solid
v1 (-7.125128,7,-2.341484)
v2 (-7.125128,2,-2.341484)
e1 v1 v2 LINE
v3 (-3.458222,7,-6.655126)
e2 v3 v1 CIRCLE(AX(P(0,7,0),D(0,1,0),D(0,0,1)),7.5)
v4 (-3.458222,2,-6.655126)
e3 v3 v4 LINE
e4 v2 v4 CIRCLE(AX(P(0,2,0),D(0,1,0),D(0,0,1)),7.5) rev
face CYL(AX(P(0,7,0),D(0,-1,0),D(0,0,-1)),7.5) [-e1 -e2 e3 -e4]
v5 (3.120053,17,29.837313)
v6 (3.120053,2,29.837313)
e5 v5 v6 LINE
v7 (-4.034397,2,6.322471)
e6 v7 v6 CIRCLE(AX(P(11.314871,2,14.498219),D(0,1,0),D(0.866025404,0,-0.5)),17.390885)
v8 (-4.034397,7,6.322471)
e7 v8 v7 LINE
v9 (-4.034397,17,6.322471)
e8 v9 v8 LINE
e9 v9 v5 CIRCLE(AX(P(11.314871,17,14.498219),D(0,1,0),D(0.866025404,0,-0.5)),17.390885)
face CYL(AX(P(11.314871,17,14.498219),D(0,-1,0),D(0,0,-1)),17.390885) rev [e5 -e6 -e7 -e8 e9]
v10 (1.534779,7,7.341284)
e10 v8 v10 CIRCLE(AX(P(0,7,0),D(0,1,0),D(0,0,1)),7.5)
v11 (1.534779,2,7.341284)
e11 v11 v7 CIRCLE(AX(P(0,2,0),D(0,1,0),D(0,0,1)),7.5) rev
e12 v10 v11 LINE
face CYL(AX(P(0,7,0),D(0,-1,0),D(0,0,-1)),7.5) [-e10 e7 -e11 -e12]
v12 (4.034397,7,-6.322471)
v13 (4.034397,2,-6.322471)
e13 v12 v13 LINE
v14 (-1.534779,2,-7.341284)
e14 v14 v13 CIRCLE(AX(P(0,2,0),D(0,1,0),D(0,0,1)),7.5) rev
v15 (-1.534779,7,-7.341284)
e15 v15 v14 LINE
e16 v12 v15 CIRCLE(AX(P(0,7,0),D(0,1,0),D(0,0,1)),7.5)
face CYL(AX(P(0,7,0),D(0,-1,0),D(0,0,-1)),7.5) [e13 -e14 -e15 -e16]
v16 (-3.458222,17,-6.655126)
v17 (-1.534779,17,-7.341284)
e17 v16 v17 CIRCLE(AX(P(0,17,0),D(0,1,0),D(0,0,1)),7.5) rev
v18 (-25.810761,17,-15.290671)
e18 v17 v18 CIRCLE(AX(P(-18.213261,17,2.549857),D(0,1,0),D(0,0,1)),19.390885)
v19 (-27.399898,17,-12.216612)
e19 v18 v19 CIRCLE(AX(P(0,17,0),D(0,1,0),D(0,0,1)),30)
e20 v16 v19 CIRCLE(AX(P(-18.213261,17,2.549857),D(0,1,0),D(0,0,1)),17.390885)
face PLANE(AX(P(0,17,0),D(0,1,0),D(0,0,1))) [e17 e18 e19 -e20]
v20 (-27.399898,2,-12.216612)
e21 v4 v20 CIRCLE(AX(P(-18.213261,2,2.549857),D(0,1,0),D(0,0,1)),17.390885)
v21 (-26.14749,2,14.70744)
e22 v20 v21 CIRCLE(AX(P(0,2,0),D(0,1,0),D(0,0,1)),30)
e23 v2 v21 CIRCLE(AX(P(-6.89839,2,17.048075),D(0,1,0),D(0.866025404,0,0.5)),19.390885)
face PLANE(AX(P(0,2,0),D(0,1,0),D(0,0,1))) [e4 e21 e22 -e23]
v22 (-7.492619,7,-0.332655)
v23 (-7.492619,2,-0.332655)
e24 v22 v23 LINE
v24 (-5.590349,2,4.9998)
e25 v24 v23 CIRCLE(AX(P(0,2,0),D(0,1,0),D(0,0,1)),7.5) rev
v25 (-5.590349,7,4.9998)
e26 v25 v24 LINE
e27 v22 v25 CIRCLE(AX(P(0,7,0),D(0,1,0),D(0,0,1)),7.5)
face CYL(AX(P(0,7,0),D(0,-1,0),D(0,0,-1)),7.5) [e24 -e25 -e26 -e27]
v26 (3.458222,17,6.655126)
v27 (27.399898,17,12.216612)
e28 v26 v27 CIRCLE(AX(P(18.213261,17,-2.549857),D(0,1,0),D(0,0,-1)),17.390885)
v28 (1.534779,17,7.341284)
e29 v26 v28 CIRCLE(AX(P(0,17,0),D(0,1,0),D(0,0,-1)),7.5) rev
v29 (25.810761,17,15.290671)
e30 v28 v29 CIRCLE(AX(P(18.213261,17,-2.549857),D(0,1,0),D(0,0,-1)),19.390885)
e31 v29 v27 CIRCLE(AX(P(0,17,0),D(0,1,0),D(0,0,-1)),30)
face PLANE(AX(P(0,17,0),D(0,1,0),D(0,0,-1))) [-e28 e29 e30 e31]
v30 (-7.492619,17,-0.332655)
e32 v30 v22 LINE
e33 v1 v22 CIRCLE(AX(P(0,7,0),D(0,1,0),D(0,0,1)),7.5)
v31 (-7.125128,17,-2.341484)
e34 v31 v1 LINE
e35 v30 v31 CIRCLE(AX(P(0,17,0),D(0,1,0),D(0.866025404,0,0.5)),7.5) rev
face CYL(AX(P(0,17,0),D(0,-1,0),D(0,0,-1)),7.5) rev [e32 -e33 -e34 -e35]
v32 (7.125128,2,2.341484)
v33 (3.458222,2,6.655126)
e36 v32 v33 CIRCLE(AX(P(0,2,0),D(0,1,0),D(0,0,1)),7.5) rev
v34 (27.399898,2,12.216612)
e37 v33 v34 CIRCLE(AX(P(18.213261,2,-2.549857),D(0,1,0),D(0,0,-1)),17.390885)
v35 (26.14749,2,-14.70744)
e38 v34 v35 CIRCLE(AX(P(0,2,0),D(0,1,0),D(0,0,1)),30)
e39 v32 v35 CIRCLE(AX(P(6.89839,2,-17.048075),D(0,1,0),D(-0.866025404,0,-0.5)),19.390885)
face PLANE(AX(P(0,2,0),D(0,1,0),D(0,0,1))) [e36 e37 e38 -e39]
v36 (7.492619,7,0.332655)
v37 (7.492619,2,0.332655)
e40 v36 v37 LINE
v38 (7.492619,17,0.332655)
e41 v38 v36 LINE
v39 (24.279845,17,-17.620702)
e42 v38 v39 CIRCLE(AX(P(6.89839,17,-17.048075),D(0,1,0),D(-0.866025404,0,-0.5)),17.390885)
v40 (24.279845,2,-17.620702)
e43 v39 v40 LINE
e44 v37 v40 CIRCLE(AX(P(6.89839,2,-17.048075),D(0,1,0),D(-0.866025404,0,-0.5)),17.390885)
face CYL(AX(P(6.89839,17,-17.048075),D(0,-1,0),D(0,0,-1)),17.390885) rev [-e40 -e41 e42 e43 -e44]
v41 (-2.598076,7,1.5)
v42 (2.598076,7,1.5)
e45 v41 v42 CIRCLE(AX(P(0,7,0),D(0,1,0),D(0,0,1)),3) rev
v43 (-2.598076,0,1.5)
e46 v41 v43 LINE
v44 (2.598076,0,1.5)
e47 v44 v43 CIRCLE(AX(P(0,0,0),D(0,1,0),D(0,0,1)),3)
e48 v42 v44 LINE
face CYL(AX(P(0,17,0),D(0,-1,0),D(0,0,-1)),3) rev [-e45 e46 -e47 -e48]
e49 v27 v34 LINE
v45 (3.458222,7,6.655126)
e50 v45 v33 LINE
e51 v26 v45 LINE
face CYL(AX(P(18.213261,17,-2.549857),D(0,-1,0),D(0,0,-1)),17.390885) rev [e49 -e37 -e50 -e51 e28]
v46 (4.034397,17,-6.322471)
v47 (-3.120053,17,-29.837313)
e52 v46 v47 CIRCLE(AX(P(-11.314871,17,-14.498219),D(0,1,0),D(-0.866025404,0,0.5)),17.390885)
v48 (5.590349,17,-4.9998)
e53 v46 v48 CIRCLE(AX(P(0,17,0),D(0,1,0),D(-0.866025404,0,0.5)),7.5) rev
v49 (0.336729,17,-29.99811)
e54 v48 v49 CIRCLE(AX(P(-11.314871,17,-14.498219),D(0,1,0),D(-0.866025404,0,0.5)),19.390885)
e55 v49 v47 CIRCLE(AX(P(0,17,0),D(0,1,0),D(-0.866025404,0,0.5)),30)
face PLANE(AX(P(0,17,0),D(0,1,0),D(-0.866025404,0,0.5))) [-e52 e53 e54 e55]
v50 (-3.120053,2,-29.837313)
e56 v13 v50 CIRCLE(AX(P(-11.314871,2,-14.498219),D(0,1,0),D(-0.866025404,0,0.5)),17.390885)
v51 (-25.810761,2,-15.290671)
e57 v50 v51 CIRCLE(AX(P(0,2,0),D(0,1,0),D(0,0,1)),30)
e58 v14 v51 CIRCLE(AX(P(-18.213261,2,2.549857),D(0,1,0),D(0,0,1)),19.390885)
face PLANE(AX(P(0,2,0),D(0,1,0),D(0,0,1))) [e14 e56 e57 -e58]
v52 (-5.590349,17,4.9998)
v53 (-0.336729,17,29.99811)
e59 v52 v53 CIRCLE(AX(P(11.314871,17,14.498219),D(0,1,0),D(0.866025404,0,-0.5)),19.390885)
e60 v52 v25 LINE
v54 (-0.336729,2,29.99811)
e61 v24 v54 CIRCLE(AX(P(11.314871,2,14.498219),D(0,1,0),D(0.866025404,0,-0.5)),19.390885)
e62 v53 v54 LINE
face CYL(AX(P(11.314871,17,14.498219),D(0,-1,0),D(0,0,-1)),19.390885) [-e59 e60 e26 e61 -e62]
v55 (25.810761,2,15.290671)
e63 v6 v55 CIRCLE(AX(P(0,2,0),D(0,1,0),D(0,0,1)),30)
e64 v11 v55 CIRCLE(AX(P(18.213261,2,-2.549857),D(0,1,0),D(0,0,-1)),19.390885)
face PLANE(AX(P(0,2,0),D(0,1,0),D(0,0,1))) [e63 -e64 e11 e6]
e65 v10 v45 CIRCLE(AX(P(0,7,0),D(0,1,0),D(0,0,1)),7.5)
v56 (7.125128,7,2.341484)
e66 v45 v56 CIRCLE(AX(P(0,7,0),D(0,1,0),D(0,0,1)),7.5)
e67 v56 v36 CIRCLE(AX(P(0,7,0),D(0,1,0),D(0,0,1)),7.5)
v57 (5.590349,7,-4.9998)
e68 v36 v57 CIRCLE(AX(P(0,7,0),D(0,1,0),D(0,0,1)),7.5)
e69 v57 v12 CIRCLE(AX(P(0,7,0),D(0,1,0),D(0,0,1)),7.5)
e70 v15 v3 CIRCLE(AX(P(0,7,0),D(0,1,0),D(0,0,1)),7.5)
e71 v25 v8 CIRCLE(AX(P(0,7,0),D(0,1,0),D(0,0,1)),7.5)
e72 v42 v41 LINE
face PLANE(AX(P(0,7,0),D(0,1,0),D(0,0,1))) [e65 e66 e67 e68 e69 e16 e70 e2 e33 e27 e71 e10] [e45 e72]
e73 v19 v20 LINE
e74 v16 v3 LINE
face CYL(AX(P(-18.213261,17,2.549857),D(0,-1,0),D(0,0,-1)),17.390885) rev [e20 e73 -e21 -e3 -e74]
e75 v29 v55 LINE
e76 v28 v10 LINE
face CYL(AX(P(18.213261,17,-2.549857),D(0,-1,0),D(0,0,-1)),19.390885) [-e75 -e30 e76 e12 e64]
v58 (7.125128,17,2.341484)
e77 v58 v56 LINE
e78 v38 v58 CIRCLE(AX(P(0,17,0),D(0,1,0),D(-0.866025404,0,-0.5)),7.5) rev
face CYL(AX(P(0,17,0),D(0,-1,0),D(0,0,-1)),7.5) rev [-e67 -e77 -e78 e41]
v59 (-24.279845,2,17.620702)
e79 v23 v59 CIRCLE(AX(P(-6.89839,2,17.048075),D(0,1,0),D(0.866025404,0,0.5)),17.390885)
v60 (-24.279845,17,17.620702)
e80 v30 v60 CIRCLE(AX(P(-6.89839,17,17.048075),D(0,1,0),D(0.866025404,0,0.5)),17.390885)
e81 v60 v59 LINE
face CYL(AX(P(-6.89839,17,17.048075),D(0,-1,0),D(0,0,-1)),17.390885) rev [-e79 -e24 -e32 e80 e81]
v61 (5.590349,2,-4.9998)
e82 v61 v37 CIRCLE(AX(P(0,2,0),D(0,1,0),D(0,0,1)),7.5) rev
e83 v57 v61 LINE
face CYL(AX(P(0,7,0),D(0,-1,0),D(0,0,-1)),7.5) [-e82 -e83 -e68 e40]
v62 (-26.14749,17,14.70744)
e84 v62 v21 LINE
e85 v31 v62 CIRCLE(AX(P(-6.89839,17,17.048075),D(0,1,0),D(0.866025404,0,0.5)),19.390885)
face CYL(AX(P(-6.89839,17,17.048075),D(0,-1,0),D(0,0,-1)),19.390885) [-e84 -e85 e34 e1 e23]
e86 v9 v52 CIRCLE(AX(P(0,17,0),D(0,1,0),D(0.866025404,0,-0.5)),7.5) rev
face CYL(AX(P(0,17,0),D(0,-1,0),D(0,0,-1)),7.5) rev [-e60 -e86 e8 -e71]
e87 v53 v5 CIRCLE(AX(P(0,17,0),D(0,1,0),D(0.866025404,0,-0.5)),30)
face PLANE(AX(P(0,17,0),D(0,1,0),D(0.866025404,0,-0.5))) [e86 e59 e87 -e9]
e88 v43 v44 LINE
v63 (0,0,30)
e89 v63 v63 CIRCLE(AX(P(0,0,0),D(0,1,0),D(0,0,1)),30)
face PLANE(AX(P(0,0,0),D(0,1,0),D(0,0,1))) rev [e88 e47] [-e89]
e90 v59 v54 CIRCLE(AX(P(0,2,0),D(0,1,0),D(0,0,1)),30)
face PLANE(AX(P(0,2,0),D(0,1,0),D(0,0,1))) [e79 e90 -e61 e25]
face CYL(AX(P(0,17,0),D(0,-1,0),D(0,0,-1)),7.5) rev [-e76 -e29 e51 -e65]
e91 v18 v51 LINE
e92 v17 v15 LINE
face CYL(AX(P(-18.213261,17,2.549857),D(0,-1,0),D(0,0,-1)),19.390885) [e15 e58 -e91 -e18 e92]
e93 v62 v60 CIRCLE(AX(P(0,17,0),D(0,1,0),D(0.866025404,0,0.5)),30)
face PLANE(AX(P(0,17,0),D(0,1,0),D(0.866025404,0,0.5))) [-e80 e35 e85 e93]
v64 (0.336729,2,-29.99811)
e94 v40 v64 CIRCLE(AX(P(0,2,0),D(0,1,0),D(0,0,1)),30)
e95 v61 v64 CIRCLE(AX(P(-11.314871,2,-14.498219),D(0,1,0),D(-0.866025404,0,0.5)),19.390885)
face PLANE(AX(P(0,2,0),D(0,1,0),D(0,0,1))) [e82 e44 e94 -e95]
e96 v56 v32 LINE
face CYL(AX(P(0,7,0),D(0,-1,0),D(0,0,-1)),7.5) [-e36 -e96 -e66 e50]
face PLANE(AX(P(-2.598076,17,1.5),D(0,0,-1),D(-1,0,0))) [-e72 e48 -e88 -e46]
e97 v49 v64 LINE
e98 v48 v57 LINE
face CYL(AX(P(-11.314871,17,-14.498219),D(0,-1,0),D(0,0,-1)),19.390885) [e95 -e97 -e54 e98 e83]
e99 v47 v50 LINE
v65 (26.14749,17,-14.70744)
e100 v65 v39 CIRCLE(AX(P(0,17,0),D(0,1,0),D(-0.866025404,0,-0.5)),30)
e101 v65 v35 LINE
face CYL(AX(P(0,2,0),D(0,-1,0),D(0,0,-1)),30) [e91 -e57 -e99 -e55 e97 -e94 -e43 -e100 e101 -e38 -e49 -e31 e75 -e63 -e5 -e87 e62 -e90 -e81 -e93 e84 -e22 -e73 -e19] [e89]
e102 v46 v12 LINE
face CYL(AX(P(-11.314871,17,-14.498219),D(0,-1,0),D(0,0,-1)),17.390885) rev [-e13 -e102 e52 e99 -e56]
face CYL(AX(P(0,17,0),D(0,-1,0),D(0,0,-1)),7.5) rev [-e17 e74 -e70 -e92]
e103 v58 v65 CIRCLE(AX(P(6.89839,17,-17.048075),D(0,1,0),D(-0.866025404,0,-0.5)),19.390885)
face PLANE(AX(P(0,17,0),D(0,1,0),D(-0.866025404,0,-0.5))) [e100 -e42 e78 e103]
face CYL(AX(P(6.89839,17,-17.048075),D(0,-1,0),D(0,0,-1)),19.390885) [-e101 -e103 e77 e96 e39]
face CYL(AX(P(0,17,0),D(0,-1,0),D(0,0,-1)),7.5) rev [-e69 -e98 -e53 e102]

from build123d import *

# Parameters (mm, degrees)
SKETCH1_R           = 30
BOSS_EXTRUDE1_DEPTH = 2
SKETCH2_R           = 7.5
BOSS_EXTRUDE2_DEPTH = 7
BOSS_EXTRUDE3_DEPTH = 15
CUT_EXTRUDE1_DEPTH  = 18
CIRPATTERN2_COUNT   = 6


with BuildPart() as part:
    # Sketch1 → Boss-Extrude1 (new body)
    with BuildSketch(Plane(origin=(0, 0, 0), x_dir=(1, 0, 0), z_dir=(0, 1, 0))):
        Circle(SKETCH1_R)
    extrude(amount=BOSS_EXTRUDE1_DEPTH)

    # Sketch2 → Boss-Extrude2 (add)
    with BuildSketch(Plane(origin=(0, 0, 0), x_dir=(1, 0, 0), z_dir=(0, 1, 0))):
        Circle(SKETCH2_R)
    extrude(amount=BOSS_EXTRUDE2_DEPTH)

    # Sketch3 → Boss-Extrude3 (add)
    with BuildSketch(Plane(origin=(0, 2, 0), x_dir=(1, 0, 0), z_dir=(0, 1, 0))):
        with BuildLine():
            ThreePointArc((-27.399897799, 12.216611666), (-14.278250642, 14.389995002), (-3.458222056, 6.65512586))
            ThreePointArc((-3.458222056, 6.65512586), (-3.002192418, 6.872906277), (-2.532531954, 7.059481702))
            ThreePointArc((-2.532531954, 7.059481702), (-13.262608044, 15.162164286), (-26.638909527, 13.797409149))
            ThreePointArc((-26.638909527, 13.797409149), (-27.03096196, 13.012574516), (-27.399897799, 12.216611666))
        make_face()
        with BuildLine():
            ThreePointArc((-2.532531954, 7.059481702), (-2.038530942, 7.217644463), (-1.534779322, 7.341284113))
            ThreePointArc((-1.534779322, 7.341284113), (-12.178839524, 15.878170307), (-25.810761164, 15.290670625))
            ThreePointArc((-25.810761164, 15.290670625), (-26.235461619, 14.549933115), (-26.638909527, 13.797409149))
            ThreePointArc((-26.638909527, 13.797409149), (-13.262608044, 15.162164286), (-2.532531954, 7.059481702))
        make_face()
    boss_extrude3 = extrude(amount=BOSS_EXTRUDE3_DEPTH)

    # Sketch4 → Cut-Extrude1 (cut, through all)
    with BuildSketch(Plane(origin=(0, 0, 0), x_dir=(1, 0, 0), z_dir=(0, 1, 0))):
        with BuildLine():
            Line((-2.598076211, -1.5), (2.598076211, -1.5))
            ThreePointArc((2.598076211, -1.5), (0, 3), (-2.598076211, -1.5))
        make_face()
    extrude(amount=CUT_EXTRUDE1_DEPTH, mode=Mode.SUBTRACT)

    # CirPattern2: Boss-Extrude3 ×6 about axis
    cirpattern2_axis = Axis((0, 0, 0), (0, 1, 0))
    for i in range(1, CIRPATTERN2_COUNT):
        add(boss_extrude3.rotate(cirpattern2_axis, i * 360 / CIRPATTERN2_COUNT))


solid = part.part
